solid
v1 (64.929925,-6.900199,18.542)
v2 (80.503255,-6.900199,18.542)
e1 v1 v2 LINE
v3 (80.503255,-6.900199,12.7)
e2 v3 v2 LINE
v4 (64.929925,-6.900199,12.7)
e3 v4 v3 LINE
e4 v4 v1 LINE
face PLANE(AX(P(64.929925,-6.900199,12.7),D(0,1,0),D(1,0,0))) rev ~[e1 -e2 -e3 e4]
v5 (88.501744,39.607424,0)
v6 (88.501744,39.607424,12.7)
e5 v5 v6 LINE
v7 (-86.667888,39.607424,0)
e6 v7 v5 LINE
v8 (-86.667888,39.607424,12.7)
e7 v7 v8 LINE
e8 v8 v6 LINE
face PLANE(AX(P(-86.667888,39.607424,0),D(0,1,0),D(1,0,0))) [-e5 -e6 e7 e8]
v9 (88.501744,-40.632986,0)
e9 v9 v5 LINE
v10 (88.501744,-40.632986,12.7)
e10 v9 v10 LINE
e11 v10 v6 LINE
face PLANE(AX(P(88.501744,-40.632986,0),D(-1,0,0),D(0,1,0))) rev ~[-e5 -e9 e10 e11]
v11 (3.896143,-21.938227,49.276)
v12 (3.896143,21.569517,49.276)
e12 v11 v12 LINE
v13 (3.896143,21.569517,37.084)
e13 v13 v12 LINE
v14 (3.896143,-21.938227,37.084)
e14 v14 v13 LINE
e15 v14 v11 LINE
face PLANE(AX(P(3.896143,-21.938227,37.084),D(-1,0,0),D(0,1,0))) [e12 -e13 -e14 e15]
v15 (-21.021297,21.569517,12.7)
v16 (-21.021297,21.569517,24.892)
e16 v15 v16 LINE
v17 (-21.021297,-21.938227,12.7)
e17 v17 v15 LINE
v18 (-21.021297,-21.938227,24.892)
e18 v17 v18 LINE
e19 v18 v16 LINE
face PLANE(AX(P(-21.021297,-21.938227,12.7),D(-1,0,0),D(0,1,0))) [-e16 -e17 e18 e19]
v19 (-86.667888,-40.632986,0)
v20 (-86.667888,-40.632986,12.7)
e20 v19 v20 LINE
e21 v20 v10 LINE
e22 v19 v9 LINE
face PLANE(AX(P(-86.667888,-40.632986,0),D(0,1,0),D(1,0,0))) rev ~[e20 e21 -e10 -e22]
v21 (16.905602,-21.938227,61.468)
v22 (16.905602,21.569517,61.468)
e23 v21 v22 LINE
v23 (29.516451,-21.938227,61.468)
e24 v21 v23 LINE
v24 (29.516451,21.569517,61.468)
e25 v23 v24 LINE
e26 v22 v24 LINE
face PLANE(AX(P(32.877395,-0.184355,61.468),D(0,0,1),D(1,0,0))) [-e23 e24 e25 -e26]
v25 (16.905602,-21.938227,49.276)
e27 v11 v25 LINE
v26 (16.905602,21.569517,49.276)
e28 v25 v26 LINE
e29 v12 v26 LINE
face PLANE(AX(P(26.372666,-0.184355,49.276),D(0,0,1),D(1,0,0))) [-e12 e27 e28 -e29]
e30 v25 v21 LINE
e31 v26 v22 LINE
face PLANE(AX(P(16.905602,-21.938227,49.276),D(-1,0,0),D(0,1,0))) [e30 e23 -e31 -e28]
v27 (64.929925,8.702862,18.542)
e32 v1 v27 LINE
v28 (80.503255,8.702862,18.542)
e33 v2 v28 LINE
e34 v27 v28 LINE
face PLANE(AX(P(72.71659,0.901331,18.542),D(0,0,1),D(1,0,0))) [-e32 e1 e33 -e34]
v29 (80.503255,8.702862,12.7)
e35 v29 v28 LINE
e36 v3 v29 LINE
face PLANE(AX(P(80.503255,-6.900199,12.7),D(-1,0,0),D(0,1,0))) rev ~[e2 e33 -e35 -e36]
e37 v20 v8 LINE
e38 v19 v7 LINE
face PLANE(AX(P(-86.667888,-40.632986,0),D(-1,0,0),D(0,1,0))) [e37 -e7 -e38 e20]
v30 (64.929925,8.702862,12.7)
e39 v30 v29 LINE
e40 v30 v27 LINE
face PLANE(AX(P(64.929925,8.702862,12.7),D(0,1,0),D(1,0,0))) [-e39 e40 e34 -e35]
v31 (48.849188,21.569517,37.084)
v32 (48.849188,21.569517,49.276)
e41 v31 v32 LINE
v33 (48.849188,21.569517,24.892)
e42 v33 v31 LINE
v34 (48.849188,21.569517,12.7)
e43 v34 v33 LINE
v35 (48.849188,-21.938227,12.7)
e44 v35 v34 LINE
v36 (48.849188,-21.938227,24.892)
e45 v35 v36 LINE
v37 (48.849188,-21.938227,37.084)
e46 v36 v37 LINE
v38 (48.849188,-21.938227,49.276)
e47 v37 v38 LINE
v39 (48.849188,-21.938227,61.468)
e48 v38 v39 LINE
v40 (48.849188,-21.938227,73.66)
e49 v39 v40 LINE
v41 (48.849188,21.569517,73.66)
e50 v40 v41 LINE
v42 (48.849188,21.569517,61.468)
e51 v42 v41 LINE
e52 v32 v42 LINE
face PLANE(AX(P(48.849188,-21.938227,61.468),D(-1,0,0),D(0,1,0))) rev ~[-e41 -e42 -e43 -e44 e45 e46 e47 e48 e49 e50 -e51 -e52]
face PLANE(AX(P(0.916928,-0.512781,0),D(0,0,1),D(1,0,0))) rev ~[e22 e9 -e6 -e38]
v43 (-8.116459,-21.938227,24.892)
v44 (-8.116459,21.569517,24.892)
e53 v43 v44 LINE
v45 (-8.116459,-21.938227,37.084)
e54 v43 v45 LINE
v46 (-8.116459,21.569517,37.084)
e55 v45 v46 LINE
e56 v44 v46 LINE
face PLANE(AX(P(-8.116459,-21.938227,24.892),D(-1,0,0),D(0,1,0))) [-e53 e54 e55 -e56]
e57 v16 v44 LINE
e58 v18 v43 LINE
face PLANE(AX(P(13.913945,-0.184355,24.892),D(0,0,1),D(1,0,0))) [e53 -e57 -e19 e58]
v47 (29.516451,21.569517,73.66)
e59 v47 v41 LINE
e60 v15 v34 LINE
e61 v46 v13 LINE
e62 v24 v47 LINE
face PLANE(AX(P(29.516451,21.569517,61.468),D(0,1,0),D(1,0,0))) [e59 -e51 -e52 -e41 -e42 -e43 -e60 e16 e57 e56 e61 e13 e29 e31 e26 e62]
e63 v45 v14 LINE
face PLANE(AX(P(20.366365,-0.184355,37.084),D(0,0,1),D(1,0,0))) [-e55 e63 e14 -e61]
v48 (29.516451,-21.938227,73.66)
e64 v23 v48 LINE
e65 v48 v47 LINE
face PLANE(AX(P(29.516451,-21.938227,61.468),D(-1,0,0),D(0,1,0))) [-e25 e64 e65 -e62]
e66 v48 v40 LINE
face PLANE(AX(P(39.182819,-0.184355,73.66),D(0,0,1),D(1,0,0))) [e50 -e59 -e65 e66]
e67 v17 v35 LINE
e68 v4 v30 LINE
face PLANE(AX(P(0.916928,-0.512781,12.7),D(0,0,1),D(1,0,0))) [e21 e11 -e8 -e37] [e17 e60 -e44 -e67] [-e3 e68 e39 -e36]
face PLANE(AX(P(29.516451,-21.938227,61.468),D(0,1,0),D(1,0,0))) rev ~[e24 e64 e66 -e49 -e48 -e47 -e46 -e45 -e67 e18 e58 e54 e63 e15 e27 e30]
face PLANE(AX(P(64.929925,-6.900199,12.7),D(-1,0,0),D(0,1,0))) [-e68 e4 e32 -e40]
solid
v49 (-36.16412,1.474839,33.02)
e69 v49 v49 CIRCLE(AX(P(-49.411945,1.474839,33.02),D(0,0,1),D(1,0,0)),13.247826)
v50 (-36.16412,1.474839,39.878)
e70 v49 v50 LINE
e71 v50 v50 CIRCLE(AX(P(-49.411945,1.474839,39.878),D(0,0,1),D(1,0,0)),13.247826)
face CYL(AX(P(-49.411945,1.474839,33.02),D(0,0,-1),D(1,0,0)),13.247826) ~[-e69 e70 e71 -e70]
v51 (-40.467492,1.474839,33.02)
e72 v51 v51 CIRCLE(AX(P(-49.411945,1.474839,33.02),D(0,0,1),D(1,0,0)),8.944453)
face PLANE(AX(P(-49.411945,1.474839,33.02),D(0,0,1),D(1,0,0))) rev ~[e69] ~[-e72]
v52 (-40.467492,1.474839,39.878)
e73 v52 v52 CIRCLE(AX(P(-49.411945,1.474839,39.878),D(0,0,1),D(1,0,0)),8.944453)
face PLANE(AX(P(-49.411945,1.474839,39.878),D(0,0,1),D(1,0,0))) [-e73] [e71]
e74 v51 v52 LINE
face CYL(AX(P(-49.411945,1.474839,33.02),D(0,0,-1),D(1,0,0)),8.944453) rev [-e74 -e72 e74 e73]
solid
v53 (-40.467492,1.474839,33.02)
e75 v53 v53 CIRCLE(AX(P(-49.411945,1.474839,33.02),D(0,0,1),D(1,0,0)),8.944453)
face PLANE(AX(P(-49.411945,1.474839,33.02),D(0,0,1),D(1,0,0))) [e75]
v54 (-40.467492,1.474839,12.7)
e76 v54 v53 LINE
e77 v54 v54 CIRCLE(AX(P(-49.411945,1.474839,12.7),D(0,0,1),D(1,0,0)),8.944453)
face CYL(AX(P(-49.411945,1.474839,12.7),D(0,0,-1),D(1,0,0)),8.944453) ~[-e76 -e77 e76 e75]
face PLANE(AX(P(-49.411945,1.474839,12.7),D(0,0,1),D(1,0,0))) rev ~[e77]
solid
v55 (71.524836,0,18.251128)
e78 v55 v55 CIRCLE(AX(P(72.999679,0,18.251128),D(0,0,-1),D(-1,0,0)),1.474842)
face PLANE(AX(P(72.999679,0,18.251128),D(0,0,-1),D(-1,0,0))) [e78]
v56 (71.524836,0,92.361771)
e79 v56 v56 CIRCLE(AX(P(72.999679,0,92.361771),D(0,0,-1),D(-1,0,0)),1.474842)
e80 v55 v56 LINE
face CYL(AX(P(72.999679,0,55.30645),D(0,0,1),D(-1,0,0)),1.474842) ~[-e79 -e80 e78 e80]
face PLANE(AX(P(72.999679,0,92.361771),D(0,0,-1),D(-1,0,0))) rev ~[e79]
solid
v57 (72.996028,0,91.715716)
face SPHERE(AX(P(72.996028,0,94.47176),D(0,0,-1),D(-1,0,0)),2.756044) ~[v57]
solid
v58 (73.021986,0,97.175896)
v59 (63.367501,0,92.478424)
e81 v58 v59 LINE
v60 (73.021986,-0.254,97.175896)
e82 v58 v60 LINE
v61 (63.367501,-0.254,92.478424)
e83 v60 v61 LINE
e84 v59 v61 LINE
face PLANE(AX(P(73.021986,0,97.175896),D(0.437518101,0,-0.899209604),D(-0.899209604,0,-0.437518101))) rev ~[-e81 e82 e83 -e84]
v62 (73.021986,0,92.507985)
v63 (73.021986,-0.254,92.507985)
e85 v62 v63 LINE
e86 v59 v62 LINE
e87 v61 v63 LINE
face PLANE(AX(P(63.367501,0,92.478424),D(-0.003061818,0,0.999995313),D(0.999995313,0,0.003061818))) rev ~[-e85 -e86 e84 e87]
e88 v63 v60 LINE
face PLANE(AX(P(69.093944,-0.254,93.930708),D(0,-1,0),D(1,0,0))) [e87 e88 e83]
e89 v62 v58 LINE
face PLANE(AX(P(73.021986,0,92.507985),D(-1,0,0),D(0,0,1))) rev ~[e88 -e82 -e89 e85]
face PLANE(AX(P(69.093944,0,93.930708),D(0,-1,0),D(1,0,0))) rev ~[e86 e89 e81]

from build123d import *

# Parameters (mm, degrees)
F0_W      = 175.1696318388
F0_H      = 80.2404098213
F1_DEPTH  = 12.7
F2_R      = 8.9444525912
F3_DEPTH  = 20.32
F4_R      = 13.2478255096
F4_R_2    = 8.9444525912
F5_DEPTH  = 6.858
F6_W      = 69.8704849929
F6_H      = 43.5077436268
F7_DEPTH  = 12.192
F8_W      = 56.965646334
F8_H      = 43.5077436268
F9_DEPTH  = 12.192
F10_W     = 44.9530445039
F10_H     = 43.5077436268
F11_DEPTH = 12.192
F12_W     = 31.9435857236
F12_H     = 43.5077436268
F13_DEPTH = 12.192
F14_W     = 19.3327367306
F14_H     = 43.5077436268
F15_DEPTH = 12.192
F16_W     = 15.5733302236
F16_H     = 15.6030612998
F17_DEPTH = 5.842
F18_W     = 1.4748424292
F18_H     = 74.1106420755
F23_DEPTH = 0.254


with BuildPart() as f1:
    # F0 (on Top) → F1 (new body)
    with BuildSketch(Plane.XY):
        with Locations((0.9169280529, -0.5127806216)):
            Rectangle(F0_W, F0_H)
    extrude(amount=F1_DEPTH)

    # F6 (on face) → F7 (join)
    with BuildSketch(Plane.XY.offset(12.7)):
        with Locations((13.9139452949, -0.1843553036)):
            Rectangle(F6_W, F6_H)
    extrude(amount=F7_DEPTH)

    # F8 (on face) → F9 (join)
    with BuildSketch(Plane.XY.offset(24.892)):
        with Locations((20.3663646244, -0.1843553036)):
            Rectangle(F8_W, F8_H)
    extrude(amount=F9_DEPTH)

    # F10 (on face) → F11 (join)
    with BuildSketch(Plane.XY.offset(37.084)):
        with Locations((26.3726655394, -0.1843553036)):
            Rectangle(F10_W, F10_H)
    extrude(amount=F11_DEPTH)

    # F12 (on face) → F13 (join)
    with BuildSketch(Plane.XY.offset(49.276)):
        with Locations((32.8773949295, -0.1843553036)):
            Rectangle(F12_W, F12_H)
    extrude(amount=F13_DEPTH)

    # F14 (on face) → F15 (join)
    with BuildSketch(Plane.XY.offset(61.468)):
        with Locations((39.1828194261, -0.1843553036)):
            Rectangle(F14_W, F14_H)
    extrude(amount=F15_DEPTH)

    # F16 (on face) → F17 (join)
    with BuildSketch(Plane.XY.offset(12.7)):
        with Locations((72.7165900171, 0.9013314266)):
            Rectangle(F16_W, F16_H)
    extrude(amount=F17_DEPTH)


with BuildPart() as f3:
    # F2 (on face) → F3 (new body)
    with BuildSketch(Plane.XY.offset(12.7)):
        with Locations((-49.411945045, 1.4748387039)):
            Circle(F2_R)
    extrude(amount=F3_DEPTH)


with BuildPart() as f5:
    # F4 (on face) → F5 (new body)
    with BuildSketch(Plane.XY.offset(33.02)):
        with Locations((-49.411945045, 1.4748387039)):
            Circle(F4_R)
        with Locations((-49.411945045, 1.4748387039)):
            Circle(F4_R_2, mode=Mode.SUBTRACT)
    extrude(amount=F5_DEPTH)


with BuildPart() as f19:
    # F18 (on Front) → F19 (revolve)
    with BuildSketch(Plane.XZ):
        with Locations((72.2622573376, 55.3064495325)):
            Rectangle(F18_W, F18_H)
    revolve(axis=Axis((72.9996785522, 0, 55.3064495325), (0, 0, -1)))


with BuildPart() as f21:
    # F20 (on Front) → F21 (revolve)
    with BuildSketch(Plane.XZ):
        with BuildLine():
            ThreePointArc((72.9960277677, 97.2278043628), (70.2399834991, 94.4717600942), (72.9960277677, 91.7157158256))
            Line((72.9960277677, 91.7157158256), (72.9960277677, 97.2278043628))
        make_face()
    revolve(axis=Axis((72.9960277677, 0, 94.4717600942), (0, 0, 1)))


with BuildPart() as f23:
    # F22 (on Front) → F23 (new body)
    with BuildSketch(Plane.XZ):
        Polygon((73.0219855905, 92.5079847229), (73.0219855905, 97.1758961678), (63.3675009012, 92.4784243107), align=None)
    extrude(amount=F23_DEPTH)


solid = Compound([f1.part, f3.part, f5.part, f19.part, f21.part, f23.part])
